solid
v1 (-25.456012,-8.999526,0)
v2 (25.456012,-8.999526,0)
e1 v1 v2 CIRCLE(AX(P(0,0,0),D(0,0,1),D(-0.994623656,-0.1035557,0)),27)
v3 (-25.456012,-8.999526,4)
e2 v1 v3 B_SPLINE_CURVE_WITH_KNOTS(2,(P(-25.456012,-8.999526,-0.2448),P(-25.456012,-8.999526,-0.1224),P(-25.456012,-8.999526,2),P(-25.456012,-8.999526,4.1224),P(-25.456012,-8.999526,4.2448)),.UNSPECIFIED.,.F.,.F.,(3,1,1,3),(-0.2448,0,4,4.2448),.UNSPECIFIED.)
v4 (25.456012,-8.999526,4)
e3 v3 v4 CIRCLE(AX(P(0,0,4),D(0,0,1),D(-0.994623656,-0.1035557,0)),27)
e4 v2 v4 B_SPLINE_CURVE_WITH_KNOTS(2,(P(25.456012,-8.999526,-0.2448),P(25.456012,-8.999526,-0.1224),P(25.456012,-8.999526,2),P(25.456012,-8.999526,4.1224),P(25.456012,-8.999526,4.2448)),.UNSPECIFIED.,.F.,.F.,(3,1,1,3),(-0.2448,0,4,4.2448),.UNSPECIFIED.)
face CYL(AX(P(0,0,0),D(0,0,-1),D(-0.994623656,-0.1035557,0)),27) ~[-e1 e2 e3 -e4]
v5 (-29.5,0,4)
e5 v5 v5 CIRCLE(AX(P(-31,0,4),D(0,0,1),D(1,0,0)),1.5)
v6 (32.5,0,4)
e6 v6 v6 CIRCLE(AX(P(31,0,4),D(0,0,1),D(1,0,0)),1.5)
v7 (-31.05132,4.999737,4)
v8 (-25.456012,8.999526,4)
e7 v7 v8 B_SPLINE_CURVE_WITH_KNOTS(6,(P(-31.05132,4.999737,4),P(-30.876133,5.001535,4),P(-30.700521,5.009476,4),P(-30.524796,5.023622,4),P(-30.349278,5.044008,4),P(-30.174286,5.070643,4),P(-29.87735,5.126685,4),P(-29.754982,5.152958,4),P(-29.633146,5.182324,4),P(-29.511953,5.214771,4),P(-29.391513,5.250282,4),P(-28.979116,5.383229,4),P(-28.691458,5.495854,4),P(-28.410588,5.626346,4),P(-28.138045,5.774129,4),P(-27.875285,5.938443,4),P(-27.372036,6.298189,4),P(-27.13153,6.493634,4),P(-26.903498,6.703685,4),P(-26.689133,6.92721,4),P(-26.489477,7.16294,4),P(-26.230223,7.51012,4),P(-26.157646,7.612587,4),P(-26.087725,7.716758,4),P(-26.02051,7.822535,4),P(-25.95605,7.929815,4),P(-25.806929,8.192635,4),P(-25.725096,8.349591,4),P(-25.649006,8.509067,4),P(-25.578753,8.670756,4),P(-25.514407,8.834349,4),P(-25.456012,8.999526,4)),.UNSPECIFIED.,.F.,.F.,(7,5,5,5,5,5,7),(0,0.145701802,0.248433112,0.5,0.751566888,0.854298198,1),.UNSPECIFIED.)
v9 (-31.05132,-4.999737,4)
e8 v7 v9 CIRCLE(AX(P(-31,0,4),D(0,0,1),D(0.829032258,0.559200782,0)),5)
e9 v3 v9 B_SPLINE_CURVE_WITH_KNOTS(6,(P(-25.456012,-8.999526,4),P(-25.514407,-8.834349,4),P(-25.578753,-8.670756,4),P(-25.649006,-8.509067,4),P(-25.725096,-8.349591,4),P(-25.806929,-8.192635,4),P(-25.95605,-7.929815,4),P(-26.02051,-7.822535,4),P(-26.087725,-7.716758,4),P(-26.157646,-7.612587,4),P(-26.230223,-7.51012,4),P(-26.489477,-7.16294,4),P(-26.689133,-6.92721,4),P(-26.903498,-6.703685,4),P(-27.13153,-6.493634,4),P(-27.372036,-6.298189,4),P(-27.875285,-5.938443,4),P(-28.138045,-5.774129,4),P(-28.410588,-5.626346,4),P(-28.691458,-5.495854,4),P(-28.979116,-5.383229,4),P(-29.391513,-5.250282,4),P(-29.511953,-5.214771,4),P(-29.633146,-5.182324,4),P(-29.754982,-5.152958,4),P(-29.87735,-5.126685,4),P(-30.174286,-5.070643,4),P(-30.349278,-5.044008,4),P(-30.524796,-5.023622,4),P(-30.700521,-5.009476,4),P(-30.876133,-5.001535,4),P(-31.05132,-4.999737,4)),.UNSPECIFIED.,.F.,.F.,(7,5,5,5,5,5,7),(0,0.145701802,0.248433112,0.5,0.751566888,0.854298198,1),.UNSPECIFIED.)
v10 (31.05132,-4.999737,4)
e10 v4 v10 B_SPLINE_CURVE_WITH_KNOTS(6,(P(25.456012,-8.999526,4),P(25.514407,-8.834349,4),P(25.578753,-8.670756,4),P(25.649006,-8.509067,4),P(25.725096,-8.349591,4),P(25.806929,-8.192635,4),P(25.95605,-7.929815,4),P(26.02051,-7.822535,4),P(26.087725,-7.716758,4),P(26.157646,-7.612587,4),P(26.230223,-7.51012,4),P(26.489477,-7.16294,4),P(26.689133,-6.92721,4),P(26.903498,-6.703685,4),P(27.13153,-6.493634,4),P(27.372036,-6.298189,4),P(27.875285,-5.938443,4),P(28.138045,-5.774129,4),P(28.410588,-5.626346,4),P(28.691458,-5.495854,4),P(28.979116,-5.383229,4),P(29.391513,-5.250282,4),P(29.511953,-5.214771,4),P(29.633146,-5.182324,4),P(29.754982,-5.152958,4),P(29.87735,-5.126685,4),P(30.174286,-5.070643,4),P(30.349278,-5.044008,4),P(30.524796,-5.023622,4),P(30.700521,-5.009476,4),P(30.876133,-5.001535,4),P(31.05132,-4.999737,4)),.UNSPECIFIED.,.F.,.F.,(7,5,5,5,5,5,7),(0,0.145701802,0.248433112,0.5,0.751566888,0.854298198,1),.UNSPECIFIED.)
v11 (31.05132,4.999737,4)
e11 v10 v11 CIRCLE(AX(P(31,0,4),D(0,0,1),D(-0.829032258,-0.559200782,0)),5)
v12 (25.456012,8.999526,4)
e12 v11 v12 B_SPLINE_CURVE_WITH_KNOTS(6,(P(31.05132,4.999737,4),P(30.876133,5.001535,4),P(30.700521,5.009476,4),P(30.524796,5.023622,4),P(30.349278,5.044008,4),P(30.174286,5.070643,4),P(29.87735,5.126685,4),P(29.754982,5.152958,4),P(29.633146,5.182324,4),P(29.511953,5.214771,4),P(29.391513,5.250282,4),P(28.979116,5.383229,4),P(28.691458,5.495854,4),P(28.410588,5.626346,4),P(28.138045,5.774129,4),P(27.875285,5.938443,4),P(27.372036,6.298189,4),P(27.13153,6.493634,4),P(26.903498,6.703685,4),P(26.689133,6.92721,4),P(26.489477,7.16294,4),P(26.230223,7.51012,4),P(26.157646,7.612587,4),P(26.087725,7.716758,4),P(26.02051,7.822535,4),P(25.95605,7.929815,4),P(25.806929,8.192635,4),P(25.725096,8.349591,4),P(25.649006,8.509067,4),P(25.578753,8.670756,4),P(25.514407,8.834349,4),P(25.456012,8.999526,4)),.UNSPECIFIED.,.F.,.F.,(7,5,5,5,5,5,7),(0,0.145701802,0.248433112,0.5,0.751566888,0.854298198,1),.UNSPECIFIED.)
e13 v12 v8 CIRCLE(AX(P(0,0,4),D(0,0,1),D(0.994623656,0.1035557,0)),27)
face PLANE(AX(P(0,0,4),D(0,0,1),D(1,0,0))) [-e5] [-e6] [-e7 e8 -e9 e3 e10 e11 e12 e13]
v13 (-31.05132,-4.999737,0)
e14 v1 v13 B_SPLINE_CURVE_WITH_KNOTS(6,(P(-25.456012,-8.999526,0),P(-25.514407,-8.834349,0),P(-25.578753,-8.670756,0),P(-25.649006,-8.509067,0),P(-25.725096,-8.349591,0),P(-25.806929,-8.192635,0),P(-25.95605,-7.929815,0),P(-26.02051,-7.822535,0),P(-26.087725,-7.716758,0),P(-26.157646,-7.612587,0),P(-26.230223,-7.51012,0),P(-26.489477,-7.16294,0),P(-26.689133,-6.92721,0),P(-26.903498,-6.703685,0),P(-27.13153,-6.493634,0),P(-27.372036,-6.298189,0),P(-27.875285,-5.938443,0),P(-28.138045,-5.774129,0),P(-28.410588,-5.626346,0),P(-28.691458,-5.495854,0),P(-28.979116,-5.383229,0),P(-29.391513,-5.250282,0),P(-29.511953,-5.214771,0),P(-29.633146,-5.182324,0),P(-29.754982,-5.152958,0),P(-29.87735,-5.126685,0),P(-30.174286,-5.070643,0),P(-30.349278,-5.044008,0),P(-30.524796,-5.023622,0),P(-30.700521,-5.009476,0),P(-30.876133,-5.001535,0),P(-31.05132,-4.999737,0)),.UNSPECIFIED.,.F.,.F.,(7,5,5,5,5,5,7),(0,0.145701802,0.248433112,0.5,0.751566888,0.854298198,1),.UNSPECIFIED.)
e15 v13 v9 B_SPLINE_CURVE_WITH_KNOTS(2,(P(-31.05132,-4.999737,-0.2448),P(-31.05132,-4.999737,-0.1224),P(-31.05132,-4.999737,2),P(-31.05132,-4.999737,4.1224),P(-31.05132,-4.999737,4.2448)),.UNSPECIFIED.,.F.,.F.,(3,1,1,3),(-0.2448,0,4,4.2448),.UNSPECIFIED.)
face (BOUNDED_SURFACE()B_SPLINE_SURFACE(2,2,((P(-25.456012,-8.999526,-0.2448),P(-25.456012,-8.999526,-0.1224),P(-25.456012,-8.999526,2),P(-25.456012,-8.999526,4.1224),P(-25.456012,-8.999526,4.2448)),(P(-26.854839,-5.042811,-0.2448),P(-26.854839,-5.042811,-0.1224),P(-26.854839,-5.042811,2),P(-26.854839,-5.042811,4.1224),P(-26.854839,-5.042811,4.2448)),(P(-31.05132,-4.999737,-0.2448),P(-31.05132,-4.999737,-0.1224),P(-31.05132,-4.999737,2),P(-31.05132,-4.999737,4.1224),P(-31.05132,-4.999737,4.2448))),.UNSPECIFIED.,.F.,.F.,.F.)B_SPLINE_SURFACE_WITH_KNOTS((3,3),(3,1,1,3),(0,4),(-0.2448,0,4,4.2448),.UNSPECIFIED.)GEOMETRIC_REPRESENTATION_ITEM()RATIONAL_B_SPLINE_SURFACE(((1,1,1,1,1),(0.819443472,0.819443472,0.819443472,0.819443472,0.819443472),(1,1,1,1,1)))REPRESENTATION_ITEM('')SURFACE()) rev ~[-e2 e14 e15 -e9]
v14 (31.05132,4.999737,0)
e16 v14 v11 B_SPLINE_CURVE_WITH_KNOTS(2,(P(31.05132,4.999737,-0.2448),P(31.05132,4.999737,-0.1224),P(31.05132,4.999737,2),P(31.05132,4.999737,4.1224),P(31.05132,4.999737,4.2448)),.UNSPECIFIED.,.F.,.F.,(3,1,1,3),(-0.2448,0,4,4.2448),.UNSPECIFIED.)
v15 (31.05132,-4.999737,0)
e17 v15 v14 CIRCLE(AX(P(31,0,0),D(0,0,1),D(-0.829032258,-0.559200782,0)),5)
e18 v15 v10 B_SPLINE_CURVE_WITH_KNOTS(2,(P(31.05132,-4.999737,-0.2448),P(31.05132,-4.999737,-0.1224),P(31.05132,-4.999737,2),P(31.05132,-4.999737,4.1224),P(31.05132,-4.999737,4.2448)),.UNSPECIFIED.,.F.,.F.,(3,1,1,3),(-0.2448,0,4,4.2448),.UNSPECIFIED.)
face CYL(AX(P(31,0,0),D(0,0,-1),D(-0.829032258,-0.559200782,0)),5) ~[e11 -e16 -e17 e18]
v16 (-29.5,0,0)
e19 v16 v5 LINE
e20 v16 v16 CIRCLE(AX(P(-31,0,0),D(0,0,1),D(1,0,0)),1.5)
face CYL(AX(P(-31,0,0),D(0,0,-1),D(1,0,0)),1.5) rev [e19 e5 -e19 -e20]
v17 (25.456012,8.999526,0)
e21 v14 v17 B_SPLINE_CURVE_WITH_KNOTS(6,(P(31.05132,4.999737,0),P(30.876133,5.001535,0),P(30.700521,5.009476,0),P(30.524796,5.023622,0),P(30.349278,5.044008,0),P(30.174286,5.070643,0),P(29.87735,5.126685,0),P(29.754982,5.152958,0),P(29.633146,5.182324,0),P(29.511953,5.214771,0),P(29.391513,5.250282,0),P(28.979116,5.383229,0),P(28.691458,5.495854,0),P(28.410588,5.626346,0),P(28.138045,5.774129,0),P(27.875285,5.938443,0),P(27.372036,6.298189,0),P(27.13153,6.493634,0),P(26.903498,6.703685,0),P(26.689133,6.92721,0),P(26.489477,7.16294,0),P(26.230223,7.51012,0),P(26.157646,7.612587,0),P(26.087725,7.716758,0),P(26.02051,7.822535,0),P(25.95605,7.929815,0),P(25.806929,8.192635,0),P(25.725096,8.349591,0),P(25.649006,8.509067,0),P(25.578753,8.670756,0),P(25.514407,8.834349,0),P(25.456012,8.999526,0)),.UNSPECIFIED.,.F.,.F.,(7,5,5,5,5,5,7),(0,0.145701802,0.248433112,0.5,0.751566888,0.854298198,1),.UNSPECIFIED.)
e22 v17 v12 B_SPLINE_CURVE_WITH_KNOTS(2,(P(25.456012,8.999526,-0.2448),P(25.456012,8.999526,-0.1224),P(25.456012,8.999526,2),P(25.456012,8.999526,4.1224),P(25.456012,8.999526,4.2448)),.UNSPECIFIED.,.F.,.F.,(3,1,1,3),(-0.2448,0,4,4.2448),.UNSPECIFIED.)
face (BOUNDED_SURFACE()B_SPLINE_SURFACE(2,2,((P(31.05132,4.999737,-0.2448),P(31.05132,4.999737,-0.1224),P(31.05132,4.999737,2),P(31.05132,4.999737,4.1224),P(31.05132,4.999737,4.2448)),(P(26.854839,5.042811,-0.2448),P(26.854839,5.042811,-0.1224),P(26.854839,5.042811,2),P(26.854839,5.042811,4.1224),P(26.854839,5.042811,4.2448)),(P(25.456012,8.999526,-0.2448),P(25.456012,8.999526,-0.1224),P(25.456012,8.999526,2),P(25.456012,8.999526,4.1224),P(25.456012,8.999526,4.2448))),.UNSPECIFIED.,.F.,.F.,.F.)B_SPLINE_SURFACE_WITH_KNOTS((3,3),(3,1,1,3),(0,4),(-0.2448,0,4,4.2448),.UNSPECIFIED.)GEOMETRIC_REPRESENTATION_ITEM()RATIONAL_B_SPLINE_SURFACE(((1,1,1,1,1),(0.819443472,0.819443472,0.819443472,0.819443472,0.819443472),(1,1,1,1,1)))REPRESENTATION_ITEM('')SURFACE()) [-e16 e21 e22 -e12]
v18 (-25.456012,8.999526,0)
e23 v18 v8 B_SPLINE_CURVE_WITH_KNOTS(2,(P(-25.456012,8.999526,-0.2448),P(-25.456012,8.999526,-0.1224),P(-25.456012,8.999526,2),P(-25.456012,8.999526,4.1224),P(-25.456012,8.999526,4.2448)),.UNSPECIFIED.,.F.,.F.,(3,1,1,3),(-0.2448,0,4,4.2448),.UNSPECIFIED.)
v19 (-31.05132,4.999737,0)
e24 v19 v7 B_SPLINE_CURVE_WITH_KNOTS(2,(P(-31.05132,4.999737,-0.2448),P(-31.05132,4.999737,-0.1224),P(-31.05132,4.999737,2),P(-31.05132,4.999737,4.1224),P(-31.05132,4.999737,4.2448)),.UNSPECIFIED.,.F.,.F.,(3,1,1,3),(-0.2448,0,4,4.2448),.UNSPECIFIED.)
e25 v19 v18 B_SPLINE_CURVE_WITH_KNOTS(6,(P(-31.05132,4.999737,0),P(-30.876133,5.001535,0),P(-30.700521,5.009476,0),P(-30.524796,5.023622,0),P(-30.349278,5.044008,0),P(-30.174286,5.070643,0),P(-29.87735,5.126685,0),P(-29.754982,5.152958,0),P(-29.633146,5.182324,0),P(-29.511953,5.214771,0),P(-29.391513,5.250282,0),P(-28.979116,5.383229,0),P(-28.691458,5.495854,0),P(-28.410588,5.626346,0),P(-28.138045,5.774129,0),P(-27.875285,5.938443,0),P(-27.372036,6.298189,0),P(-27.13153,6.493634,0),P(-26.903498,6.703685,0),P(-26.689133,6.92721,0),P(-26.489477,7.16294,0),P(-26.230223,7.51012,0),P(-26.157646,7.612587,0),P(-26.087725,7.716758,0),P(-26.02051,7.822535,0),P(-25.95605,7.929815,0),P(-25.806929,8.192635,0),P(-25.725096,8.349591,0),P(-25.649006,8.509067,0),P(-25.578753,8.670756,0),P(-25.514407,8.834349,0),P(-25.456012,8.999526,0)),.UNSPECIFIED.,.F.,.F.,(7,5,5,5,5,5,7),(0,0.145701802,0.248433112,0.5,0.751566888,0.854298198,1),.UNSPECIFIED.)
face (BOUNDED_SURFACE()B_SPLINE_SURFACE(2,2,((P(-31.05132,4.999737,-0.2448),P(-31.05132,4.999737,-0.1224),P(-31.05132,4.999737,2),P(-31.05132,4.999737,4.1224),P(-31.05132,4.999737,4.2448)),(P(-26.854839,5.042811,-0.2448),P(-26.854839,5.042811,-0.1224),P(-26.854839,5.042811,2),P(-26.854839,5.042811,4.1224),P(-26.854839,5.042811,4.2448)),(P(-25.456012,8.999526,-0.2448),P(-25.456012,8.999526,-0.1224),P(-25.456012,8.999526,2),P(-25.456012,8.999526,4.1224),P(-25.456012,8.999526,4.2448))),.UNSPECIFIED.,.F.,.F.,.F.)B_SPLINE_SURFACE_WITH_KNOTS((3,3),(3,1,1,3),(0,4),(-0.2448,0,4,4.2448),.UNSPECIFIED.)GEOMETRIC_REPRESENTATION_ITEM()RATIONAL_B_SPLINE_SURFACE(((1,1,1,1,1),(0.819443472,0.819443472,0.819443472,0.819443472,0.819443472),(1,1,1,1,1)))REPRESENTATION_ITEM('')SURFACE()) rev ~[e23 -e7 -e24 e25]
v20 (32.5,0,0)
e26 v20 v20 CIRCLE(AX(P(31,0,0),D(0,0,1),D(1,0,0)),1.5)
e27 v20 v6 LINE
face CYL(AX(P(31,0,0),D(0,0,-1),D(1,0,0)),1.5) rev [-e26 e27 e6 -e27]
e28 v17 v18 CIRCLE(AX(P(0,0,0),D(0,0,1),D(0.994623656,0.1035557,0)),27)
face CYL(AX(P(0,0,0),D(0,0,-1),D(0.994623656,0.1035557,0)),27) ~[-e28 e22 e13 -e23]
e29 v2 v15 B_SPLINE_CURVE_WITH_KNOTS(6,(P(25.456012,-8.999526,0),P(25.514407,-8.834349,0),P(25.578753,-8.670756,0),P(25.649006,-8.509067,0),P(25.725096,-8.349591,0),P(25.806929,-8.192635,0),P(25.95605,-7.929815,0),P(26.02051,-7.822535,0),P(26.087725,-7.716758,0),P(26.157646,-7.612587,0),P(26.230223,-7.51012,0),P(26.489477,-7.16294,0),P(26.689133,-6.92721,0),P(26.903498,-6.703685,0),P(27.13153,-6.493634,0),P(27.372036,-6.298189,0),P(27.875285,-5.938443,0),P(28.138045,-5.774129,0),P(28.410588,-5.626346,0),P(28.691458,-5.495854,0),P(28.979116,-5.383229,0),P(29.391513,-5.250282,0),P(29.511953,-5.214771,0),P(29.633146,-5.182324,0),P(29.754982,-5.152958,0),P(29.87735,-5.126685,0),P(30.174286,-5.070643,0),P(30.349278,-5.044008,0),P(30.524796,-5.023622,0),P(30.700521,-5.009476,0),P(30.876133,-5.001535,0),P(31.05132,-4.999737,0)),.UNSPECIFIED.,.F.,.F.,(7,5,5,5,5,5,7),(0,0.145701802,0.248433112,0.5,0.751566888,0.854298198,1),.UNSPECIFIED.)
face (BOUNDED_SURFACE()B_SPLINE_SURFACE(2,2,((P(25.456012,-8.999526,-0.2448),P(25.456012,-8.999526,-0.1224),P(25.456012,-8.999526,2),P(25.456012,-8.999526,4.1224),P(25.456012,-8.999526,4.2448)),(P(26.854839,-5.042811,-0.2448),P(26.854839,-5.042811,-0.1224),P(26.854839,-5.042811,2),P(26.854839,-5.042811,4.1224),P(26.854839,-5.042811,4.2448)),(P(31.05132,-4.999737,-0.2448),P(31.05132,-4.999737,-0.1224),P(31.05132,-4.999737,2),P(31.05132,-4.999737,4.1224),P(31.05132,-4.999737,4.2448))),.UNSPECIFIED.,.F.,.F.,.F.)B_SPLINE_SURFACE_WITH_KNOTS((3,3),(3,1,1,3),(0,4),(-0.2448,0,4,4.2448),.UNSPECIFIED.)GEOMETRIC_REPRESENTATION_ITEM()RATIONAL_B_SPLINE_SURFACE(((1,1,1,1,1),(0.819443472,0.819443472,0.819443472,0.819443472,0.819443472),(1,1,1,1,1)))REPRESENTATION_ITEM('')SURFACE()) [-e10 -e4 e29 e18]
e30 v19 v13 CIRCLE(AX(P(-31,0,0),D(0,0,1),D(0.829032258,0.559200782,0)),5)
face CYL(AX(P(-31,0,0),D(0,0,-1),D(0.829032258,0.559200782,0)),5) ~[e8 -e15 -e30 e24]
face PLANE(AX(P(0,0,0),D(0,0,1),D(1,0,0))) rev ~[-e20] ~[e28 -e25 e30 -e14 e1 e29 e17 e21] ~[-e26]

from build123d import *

# Parameters (mm, degrees)
SKETCH_1_R      = 1.5
EXTRUDE_3_DEPTH = 4
FILLET_1_R      = 6


with BuildPart() as part:
    # 草图1 → 凸台-拉伸3 (new body)
    with BuildSketch(Plane.XY):
        with BuildLine():
            ThreePointArc((-26.85483871, -2.796003912), (0, -27), (26.85483871, -2.796003912))
            ThreePointArc((26.85483871, -2.796003912), (36, 0), (26.85483871, 2.796003912))
            ThreePointArc((26.85483871, 2.796003912), (0, 27), (-26.85483871, 2.796003912))
            ThreePointArc((-26.85483871, 2.796003912), (-36, 0), (-26.85483871, -2.796003912))
        make_face()
        with Locations((31, 0)):
            Circle(SKETCH_1_R, mode=Mode.SUBTRACT)
        with Locations((-31, 0)):
            Circle(SKETCH_1_R, mode=Mode.SUBTRACT)
    extrude(amount=EXTRUDE_3_DEPTH)

    # 圆角1
    fillet_1_edges = [part.edges().sort_by_distance(p)[0] for p in [
        (-26.85483871, 2.796003912, 2),
        (26.85483871, 2.796003912, 2),
        (26.85483871, -2.796003912, 2),
        (-26.85483871, -2.796003912, 2),
    ]]
    fillet(fillet_1_edges, radius=FILLET_1_R)


solid = part.part
